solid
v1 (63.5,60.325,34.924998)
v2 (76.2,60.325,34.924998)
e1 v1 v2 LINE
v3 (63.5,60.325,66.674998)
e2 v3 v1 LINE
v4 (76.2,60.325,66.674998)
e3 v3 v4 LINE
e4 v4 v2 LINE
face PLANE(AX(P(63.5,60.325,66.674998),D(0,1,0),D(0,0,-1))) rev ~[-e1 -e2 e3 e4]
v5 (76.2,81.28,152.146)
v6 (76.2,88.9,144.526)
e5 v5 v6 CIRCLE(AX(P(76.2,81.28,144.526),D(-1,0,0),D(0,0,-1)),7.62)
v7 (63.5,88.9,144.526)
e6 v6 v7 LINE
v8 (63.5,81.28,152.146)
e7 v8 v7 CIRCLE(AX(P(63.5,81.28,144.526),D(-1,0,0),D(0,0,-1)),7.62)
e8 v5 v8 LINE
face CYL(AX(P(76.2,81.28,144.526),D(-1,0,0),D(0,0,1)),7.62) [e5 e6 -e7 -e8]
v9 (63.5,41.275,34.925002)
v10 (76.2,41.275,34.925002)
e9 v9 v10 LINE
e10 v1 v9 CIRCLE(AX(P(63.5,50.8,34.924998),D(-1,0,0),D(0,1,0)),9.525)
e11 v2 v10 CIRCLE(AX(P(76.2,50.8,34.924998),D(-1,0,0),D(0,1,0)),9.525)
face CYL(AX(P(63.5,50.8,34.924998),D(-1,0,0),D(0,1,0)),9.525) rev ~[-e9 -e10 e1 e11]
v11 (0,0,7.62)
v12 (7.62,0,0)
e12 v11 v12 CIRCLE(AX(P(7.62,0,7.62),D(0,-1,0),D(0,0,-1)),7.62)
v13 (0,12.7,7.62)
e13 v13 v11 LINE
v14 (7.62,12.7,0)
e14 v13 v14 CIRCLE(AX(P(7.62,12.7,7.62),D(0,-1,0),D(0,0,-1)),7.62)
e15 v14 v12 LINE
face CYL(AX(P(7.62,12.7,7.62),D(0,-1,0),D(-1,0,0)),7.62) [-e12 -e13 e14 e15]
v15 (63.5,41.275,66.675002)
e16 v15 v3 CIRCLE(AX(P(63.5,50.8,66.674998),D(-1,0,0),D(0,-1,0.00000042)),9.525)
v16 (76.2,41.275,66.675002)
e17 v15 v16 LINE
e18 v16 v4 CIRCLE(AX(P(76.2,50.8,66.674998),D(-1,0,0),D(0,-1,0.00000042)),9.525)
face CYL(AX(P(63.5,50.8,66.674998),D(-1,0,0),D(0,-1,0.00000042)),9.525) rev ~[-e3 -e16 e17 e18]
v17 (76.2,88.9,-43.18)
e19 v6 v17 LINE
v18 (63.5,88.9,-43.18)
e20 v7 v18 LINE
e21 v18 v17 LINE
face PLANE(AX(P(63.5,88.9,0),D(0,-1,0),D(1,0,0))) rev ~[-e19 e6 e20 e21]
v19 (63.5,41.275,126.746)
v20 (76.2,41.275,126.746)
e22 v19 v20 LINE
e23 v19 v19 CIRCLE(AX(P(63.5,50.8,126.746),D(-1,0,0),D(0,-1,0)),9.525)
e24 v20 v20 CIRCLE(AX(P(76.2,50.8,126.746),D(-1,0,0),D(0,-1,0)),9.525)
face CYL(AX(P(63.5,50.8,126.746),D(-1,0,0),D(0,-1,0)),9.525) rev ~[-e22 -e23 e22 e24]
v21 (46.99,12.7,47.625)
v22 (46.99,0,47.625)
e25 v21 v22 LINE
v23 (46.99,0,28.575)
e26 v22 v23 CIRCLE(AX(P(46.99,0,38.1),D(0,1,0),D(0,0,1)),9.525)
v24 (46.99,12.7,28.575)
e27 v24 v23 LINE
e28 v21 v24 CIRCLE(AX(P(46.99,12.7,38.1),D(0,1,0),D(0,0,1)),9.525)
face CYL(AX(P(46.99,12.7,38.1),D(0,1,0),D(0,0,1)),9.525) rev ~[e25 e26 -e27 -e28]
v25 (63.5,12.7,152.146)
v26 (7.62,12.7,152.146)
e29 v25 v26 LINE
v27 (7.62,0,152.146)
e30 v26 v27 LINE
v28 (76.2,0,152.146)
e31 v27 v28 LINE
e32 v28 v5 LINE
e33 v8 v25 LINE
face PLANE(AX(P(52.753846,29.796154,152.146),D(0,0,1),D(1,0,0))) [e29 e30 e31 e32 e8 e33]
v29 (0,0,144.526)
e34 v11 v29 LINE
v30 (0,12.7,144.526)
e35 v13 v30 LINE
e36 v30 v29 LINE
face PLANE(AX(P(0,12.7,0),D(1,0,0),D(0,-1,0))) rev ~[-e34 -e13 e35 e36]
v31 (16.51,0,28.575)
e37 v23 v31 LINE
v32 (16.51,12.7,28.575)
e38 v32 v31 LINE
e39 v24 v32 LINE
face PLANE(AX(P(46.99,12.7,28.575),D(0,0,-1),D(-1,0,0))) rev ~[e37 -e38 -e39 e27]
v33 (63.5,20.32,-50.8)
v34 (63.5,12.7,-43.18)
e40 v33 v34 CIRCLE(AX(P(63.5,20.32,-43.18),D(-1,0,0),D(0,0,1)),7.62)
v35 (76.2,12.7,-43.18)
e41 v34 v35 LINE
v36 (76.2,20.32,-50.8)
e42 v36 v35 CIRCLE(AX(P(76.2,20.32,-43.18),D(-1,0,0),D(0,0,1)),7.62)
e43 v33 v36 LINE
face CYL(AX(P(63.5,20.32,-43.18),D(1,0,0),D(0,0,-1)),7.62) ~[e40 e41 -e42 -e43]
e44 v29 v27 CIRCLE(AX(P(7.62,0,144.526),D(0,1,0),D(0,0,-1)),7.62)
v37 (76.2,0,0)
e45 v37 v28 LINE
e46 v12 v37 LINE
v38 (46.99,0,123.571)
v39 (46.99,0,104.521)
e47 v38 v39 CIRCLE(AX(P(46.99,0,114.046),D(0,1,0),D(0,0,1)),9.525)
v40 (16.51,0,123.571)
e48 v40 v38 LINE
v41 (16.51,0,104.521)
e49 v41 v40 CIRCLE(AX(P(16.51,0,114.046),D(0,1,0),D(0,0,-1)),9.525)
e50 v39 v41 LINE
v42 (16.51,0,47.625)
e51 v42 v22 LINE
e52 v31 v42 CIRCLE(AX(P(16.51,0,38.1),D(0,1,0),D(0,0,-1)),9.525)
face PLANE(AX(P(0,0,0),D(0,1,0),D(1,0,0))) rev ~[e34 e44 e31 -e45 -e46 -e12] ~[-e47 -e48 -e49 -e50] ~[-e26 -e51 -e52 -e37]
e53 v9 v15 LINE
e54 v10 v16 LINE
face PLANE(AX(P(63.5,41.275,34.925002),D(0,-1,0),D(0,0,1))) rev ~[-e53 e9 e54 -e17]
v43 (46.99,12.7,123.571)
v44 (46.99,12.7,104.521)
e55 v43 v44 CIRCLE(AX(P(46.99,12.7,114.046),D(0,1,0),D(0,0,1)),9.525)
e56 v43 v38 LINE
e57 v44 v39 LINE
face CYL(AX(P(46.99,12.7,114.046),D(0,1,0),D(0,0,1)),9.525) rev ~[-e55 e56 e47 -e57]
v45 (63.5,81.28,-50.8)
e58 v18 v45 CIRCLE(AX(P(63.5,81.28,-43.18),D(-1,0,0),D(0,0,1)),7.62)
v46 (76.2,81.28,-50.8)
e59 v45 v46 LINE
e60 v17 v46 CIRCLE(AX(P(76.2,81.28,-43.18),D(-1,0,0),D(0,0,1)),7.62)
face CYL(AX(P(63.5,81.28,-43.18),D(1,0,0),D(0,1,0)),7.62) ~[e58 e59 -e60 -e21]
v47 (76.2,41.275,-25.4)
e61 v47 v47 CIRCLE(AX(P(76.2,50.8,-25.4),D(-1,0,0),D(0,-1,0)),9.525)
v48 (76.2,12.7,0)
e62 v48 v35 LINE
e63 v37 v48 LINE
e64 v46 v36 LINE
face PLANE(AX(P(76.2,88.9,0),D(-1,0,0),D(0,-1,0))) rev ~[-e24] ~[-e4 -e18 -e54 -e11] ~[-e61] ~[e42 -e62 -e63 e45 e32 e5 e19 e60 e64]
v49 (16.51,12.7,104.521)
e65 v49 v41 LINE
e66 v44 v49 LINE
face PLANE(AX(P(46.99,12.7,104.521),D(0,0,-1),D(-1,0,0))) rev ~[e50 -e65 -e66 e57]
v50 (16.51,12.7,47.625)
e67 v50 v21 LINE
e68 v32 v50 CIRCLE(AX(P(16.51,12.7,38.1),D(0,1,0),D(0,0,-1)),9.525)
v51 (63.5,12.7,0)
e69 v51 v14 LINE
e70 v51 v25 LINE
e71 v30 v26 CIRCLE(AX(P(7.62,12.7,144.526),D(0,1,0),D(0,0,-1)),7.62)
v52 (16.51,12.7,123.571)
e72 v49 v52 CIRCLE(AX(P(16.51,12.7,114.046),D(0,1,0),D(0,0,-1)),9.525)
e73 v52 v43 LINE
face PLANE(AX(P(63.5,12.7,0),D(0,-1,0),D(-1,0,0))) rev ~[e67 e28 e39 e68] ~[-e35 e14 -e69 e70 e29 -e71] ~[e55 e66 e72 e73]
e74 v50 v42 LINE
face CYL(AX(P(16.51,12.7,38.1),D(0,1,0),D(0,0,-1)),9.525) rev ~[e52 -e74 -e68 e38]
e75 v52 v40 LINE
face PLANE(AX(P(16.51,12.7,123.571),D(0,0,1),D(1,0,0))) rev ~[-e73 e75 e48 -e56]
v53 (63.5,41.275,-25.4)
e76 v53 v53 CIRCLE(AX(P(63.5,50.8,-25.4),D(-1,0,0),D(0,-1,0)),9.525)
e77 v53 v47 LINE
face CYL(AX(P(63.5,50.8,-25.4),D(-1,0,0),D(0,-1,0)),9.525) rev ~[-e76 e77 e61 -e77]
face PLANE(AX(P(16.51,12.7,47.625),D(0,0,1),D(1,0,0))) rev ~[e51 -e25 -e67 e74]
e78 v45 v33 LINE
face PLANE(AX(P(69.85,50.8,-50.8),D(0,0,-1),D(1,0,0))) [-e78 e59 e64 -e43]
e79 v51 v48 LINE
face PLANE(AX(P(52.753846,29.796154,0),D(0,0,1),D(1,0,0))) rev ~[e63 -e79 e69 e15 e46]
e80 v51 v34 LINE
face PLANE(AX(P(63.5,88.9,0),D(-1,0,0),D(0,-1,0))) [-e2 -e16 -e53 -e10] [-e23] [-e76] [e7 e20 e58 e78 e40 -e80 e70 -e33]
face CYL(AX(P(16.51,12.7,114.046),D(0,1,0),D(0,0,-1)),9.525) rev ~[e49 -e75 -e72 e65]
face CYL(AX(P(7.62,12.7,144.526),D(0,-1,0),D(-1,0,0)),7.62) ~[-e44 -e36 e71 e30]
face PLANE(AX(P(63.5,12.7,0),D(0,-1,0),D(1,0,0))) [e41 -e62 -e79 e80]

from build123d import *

# Parameters (mm, degrees)
F1_DEPTH  = 152.146
F2_W      = 12.7
F2_H      = 76.2
F3_DEPTH  = 50.8
F4_R      = 7.62
F5_R      = 7.62
F6_R      = 7.62
F8_DEPTH  = 25.4
F9_R      = 9.525
F10_DEPTH = 12.701


with BuildPart() as f1:
    # F0 (on Top) → F1 (new body)
    with BuildSketch(Plane.XY):
        Polygon((0, 12.7), (0, 0), (76.2, 0), (76.2, 88.9), (63.5, 88.9), (63.5, 12.7), align=None)
    extrude(amount=F1_DEPTH)

    # F2 (on face) → F3 (join)
    with BuildSketch(Plane(origin=(0, 0, 0), x_dir=(1, 0, 0), z_dir=(0, 0, -1))):
        with Locations((69.85, -50.8)):
            Rectangle(F2_W, F2_H)
    extrude(amount=F3_DEPTH)

    # F4
    f4_edges = [f1.edges().sort_by_distance(p)[0] for p in [
        (0, 6.35, 0),
        (0, 6.35, 152.146),
    ]]
    fillet(f4_edges, radius=F4_R)

    # F5
    f5_edges = [f1.edges().sort_by_distance(p)[0] for p in [
        (69.85, 88.9, 152.146),
    ]]
    fillet(f5_edges, radius=F5_R)

    # F6
    f6_edges = [f1.edges().sort_by_distance(p)[0] for p in [
        (69.85, 12.7, -50.8),
        (69.85, 88.9, -50.8),
    ]]
    fillet(f6_edges, radius=F6_R)

    # F7 (on face) → F8 (cut)
    with BuildSketch(Plane(origin=(0, 12.7, 0), x_dir=(-1, 0, 0), z_dir=(0, 1, 0))):
        with BuildLine():
            Line((-46.99, 28.575), (-16.51, 28.575))
            ThreePointArc((-16.51, 28.575), (-6.985, 38.1), (-16.51, 47.625))
            Line((-16.51, 47.625), (-46.99, 47.625))
            ThreePointArc((-46.99, 47.625), (-56.515, 38.1), (-46.99, 28.575))
        make_face()
        with BuildLine():
            Line((-46.99, 104.521), (-16.51, 104.521))
            ThreePointArc((-16.51, 104.521), (-6.985, 114.046), (-16.51, 123.571))
            Line((-16.51, 123.571), (-46.99, 123.571))
            ThreePointArc((-46.99, 123.571), (-56.515, 114.046), (-46.99, 104.521))
        make_face()
    extrude(amount=-F8_DEPTH, mode=Mode.SUBTRACT)

    # F9 (on face) → F10 (cut, through all)
    with BuildSketch(Plane(origin=(63.5, 0, 0), x_dir=(0, -1, 0), z_dir=(-1, 0, 0))):
        with Locations((-50.8, -25.4)):
            Circle(F9_R)
        with BuildLine():
            Line((-41.275, 34.925002), (-41.275, 66.675002))
            ThreePointArc((-41.275, 66.675002), (-50.800002, 76.199998), (-60.325, 66.674998))
            Line((-60.325, 66.674998), (-60.325, 34.924998))
            ThreePointArc((-60.325, 34.924998), (-50.799998, 25.399998), (-41.275, 34.925002))
        make_face()
        with Locations((-50.8, 126.746)):
            Circle(F9_R)
    extrude(amount=-F10_DEPTH, mode=Mode.SUBTRACT)


solid = f1.part
